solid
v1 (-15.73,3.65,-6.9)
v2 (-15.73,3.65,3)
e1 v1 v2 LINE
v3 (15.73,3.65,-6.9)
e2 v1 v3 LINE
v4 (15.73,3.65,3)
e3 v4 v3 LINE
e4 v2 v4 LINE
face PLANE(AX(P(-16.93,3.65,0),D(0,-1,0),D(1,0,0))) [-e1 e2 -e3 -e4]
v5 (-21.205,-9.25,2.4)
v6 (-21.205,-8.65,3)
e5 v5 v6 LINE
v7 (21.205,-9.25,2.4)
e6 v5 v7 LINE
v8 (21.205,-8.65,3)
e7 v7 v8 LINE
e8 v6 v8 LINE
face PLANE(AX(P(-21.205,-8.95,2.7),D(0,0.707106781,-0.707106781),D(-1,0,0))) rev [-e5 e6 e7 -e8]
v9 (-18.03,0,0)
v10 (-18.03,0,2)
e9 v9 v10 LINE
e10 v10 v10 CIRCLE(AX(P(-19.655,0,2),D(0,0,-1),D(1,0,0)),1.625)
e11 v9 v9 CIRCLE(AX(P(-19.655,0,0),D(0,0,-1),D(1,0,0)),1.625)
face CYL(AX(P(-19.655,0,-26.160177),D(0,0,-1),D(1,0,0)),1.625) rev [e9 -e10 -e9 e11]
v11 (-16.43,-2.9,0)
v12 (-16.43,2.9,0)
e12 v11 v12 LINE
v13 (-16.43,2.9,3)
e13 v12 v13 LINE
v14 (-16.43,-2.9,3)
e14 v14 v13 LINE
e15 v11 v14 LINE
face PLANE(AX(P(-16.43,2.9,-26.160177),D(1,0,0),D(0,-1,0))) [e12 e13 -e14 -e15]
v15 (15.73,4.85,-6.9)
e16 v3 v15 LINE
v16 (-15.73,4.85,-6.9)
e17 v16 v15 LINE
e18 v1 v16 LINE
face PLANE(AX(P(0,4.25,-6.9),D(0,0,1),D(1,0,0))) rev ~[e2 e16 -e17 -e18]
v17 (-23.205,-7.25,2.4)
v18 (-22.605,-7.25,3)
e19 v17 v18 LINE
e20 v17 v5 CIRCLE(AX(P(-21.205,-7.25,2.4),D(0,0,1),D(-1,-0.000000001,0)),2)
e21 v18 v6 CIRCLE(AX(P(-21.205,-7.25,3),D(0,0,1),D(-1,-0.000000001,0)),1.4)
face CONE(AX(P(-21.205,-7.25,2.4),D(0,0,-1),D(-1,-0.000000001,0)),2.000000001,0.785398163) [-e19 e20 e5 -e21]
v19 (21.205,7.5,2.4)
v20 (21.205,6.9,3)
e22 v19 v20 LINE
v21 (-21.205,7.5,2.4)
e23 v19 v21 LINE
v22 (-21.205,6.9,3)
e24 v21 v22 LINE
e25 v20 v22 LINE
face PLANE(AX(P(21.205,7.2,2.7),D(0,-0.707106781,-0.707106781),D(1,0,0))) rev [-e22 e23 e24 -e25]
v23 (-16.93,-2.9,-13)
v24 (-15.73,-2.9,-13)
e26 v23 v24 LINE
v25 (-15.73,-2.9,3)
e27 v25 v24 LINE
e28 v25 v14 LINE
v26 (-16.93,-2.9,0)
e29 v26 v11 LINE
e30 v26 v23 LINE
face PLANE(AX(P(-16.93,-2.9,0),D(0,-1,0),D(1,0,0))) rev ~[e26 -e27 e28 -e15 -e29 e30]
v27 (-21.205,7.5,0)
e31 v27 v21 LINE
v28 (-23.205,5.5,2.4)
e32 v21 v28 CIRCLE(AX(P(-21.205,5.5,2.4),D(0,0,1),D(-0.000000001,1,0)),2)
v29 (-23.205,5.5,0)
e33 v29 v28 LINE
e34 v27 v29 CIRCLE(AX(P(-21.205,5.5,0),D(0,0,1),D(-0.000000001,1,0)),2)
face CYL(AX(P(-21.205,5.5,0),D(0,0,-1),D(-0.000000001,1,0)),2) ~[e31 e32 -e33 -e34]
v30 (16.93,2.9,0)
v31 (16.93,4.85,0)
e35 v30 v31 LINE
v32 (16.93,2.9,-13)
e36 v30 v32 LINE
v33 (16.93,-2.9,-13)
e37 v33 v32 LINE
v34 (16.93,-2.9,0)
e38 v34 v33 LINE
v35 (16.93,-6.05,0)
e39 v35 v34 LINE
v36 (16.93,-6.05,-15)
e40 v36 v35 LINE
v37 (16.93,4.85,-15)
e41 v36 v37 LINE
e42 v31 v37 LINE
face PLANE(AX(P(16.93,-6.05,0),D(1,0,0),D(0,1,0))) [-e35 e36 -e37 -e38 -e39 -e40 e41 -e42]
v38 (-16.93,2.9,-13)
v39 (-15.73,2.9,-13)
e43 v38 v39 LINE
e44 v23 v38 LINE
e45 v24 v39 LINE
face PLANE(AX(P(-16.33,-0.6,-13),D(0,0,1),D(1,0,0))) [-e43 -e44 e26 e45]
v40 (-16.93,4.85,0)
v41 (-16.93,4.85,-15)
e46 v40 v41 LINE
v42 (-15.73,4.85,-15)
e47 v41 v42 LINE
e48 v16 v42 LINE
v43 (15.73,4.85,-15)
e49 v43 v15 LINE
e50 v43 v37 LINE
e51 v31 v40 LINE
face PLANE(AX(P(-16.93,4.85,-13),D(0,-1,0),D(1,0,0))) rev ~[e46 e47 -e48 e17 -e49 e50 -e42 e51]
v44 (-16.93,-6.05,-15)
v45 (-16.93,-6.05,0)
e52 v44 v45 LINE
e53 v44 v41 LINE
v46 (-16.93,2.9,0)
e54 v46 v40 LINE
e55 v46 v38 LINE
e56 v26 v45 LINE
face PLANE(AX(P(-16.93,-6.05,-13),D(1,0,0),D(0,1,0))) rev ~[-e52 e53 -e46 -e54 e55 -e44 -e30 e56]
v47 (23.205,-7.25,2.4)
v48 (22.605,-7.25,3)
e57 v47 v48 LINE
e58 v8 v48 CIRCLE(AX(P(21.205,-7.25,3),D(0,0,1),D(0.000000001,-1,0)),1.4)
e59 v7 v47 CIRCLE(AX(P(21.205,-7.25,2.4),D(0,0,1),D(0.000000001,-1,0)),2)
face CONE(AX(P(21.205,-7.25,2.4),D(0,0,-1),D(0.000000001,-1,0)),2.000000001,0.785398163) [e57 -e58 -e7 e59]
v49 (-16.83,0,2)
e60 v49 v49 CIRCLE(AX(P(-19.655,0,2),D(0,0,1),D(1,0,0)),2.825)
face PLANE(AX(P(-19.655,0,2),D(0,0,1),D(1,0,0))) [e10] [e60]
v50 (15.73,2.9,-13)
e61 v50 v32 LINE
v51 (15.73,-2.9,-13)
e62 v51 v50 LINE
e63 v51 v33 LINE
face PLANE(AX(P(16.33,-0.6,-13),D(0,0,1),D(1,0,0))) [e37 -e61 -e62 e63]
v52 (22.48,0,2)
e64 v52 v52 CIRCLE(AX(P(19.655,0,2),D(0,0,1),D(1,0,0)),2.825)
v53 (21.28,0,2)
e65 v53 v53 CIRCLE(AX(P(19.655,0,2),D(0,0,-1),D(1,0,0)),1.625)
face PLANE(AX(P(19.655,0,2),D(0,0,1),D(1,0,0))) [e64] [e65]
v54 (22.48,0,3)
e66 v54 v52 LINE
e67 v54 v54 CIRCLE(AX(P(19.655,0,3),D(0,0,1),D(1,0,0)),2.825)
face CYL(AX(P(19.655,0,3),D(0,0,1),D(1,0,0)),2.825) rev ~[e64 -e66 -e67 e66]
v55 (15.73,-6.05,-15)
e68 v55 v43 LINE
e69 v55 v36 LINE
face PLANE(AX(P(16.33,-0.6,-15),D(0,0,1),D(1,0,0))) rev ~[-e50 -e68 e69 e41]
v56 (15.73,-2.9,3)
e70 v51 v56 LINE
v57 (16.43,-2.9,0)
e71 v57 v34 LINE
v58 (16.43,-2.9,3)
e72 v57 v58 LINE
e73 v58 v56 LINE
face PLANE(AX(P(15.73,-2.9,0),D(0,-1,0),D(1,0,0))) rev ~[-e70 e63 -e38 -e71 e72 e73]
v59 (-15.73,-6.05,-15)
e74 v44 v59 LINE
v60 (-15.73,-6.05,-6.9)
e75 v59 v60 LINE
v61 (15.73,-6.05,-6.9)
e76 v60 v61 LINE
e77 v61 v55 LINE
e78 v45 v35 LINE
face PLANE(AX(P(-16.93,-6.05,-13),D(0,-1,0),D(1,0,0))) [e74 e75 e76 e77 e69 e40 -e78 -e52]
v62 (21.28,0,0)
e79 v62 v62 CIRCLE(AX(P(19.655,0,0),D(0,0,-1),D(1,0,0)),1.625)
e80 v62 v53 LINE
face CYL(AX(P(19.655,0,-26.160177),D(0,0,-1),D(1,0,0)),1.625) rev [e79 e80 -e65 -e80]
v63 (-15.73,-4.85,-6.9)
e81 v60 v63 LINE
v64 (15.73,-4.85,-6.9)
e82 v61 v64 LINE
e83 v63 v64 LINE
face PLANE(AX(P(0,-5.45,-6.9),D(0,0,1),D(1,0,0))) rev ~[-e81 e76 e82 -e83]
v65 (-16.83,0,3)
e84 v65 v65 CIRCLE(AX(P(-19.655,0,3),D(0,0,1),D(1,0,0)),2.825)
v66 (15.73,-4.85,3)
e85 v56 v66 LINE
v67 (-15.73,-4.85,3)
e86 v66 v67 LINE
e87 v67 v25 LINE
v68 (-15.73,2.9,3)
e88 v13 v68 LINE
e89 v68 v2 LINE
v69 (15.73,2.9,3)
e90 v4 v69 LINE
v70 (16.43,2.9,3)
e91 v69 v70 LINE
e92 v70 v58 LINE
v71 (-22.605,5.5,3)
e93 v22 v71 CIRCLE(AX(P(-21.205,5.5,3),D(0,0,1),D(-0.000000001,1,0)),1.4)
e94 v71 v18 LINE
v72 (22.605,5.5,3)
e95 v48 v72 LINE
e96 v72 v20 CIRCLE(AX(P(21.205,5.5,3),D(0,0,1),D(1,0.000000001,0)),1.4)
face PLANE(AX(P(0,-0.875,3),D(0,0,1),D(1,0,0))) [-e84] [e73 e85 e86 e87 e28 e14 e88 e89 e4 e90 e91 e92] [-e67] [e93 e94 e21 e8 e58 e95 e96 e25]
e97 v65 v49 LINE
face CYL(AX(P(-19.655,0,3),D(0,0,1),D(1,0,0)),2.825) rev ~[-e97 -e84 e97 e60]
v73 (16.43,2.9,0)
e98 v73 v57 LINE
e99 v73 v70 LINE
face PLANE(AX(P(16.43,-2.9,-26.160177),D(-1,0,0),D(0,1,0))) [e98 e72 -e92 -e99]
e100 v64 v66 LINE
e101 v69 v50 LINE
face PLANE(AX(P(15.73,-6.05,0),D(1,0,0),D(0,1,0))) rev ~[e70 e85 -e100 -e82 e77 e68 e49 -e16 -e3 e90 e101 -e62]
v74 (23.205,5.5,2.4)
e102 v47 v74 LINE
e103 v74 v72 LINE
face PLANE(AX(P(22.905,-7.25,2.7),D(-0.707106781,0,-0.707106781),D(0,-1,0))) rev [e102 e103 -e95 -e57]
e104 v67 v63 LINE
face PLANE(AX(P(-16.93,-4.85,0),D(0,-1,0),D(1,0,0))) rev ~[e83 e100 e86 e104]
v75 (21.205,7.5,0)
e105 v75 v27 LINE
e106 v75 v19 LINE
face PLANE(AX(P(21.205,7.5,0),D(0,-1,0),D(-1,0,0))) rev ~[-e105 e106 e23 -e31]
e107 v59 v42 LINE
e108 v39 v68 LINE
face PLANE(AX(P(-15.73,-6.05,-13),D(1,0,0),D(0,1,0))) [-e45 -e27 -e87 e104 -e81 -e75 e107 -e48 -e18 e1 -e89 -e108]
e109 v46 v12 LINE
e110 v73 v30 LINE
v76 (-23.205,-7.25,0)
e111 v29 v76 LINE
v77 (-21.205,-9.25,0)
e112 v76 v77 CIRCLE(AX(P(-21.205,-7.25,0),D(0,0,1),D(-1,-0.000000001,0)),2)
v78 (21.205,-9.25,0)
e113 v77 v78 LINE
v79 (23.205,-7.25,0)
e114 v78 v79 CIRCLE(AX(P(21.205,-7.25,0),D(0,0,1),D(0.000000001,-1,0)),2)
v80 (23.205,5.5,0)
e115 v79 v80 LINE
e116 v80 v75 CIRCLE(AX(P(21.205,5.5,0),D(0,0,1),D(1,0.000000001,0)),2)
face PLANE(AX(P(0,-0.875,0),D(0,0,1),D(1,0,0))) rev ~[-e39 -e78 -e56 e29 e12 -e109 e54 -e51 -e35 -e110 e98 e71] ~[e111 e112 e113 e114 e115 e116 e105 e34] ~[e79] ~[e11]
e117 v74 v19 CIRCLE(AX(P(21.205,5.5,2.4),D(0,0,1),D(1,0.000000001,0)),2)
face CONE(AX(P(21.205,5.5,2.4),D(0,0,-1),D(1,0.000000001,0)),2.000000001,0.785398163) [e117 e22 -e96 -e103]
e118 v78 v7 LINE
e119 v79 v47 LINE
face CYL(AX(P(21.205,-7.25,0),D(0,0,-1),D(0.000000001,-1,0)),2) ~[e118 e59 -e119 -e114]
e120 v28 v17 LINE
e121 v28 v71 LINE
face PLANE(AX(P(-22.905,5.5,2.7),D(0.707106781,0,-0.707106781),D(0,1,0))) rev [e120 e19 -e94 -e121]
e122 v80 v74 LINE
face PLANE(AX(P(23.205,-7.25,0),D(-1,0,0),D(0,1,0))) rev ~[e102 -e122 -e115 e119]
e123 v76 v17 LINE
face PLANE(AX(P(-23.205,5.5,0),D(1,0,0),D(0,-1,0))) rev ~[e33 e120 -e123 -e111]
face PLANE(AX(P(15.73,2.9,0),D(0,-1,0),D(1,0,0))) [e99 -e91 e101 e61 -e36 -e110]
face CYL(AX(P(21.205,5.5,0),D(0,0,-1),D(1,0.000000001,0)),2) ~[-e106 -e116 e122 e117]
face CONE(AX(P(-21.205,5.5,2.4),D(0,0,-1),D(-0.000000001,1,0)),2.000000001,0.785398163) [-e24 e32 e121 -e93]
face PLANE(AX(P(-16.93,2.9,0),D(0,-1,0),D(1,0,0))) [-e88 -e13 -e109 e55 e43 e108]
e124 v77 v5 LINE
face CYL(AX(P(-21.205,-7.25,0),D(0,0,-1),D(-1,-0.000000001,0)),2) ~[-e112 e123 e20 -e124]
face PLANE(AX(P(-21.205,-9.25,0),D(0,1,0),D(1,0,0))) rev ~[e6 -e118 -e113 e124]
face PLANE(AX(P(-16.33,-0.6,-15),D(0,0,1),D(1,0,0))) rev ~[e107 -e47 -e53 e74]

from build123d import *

# Parameters (mm, degrees)
FLANGE_DEPTH             = 3
FRONT_BEVEL_SIZE         = 0.6
OPENING_HOLES_DEPTH      = 26.160177364
OPENING_HOLES_DEPTH_BACK = 26.160177364
SK_OPENING_R             = 1.625
SK_COUNTERBORE_R         = 2.825
COUNTERBORE_DEPTH        = 1
SK_LONG_WALLS_W          = 33.86
SK_LONG_WALLS_H          = 1.2
LONG_WALLS_DEPTH         = 6.9
SK_LEGS_W                = 1.2
SK_LEGS_H                = 1.95
SK_LEGS_H_2              = 3.15
LEGS_DEPTH               = 13
SK_LEG_TIES_W            = 1.2
SK_LEG_TIES_H            = 10.9
LEG_TIES_DEPTH           = 2


with BuildPart() as part:
    # SK Flange → Flange (new body)
    with BuildSketch(Plane.XY):
        with BuildLine():
            Line((-21.205, -9.25), (21.205, -9.25))
            ThreePointArc((21.205, -9.25), (22.619213562, -8.664213562), (23.205, -7.25))
            Line((23.205, -7.25), (23.205, 5.5))
            ThreePointArc((23.205, 5.5), (22.619213562, 6.914213562), (21.205, 7.5))
            Line((21.205, 7.5), (-21.205, 7.5))
            ThreePointArc((-21.205, 7.5), (-22.619213562, 6.914213562), (-23.205, 5.5))
            Line((-23.205, 5.5), (-23.205, -7.25))
            ThreePointArc((-23.205, -7.25), (-22.619213562, -8.664213562), (-21.205, -9.25))
        make_face()
    extrude(amount=FLANGE_DEPTH)

    # Front bevel
    front_bevel_edges = [part.edges().sort_by_distance(p)[0] for p in [
        (22.619213562, -8.664213562, 3),
        (23.205, -0.875, 3),
        (22.619213562, 6.914213562, 3),
        (0, 7.5, 3),
        (-22.619213562, 6.914213562, 3),
        (-23.205, -0.875, 3),
        (-22.619213562, -8.664213562, 3),
        (0, -9.25, 3),
    ]]
    chamfer(front_bevel_edges, length=FRONT_BEVEL_SIZE)

    # SK Opening → Opening + holes (cut, two sides: drawn at the far end of the back side and taken through both)
    with BuildSketch(Plane.XY.offset(-OPENING_HOLES_DEPTH_BACK)):
        with Locations((-19.655, 0)):
            Circle(SK_OPENING_R)
        with Locations((19.655, 0)):
            Circle(SK_OPENING_R)
        Polygon((-15.73, -4.85), (15.73, -4.85), (15.73, -2.9), (16.43, -2.9), (16.43, 2.9), (15.73, 2.9), (15.73, 3.65), (-15.73, 3.65), (-15.73, 2.9), (-16.43, 2.9), (-16.43, -2.9), (-15.73, -2.9), align=None)
    extrude(amount=OPENING_HOLES_DEPTH + OPENING_HOLES_DEPTH_BACK, mode=Mode.SUBTRACT)

    # SK Counterbore → Counterbore (cut)
    with BuildSketch(Plane.XY.offset(3)):
        with Locations((-19.655, 0)):
            Circle(SK_COUNTERBORE_R)
        with Locations((19.655, 0)):
            Circle(SK_COUNTERBORE_R)
    extrude(amount=-COUNTERBORE_DEPTH, mode=Mode.SUBTRACT)

    # SK Long walls → Long walls (add)
    with BuildSketch(Plane.XY):
        with Locations((0, 4.25)):
            Rectangle(SK_LONG_WALLS_W, SK_LONG_WALLS_H)
        with Locations((0, -5.45)):
            Rectangle(SK_LONG_WALLS_W, SK_LONG_WALLS_H)
    extrude(amount=-LONG_WALLS_DEPTH)

    # SK Legs → Legs (add)
    with BuildSketch(Plane.XY):
        with Locations((-16.33, 3.875)):
            Rectangle(SK_LEGS_W, SK_LEGS_H)
        with Locations((-16.33, -4.475)):
            Rectangle(SK_LEGS_W, SK_LEGS_H_2)
        with Locations((16.33, 3.875)):
            Rectangle(SK_LEGS_W, SK_LEGS_H)
        with Locations((16.33, -4.475)):
            Rectangle(SK_LEGS_W, SK_LEGS_H_2)
    extrude(amount=-LEGS_DEPTH)

    # SK Leg ties → Leg ties (add)
    with BuildSketch(Plane.XY.offset(-13)):
        with Locations((-16.33, -0.6)):
            Rectangle(SK_LEG_TIES_W, SK_LEG_TIES_H)
        with Locations((16.33, -0.6)):
            Rectangle(SK_LEG_TIES_W, SK_LEG_TIES_H)
    extrude(amount=-LEG_TIES_DEPTH)


solid = part.part
